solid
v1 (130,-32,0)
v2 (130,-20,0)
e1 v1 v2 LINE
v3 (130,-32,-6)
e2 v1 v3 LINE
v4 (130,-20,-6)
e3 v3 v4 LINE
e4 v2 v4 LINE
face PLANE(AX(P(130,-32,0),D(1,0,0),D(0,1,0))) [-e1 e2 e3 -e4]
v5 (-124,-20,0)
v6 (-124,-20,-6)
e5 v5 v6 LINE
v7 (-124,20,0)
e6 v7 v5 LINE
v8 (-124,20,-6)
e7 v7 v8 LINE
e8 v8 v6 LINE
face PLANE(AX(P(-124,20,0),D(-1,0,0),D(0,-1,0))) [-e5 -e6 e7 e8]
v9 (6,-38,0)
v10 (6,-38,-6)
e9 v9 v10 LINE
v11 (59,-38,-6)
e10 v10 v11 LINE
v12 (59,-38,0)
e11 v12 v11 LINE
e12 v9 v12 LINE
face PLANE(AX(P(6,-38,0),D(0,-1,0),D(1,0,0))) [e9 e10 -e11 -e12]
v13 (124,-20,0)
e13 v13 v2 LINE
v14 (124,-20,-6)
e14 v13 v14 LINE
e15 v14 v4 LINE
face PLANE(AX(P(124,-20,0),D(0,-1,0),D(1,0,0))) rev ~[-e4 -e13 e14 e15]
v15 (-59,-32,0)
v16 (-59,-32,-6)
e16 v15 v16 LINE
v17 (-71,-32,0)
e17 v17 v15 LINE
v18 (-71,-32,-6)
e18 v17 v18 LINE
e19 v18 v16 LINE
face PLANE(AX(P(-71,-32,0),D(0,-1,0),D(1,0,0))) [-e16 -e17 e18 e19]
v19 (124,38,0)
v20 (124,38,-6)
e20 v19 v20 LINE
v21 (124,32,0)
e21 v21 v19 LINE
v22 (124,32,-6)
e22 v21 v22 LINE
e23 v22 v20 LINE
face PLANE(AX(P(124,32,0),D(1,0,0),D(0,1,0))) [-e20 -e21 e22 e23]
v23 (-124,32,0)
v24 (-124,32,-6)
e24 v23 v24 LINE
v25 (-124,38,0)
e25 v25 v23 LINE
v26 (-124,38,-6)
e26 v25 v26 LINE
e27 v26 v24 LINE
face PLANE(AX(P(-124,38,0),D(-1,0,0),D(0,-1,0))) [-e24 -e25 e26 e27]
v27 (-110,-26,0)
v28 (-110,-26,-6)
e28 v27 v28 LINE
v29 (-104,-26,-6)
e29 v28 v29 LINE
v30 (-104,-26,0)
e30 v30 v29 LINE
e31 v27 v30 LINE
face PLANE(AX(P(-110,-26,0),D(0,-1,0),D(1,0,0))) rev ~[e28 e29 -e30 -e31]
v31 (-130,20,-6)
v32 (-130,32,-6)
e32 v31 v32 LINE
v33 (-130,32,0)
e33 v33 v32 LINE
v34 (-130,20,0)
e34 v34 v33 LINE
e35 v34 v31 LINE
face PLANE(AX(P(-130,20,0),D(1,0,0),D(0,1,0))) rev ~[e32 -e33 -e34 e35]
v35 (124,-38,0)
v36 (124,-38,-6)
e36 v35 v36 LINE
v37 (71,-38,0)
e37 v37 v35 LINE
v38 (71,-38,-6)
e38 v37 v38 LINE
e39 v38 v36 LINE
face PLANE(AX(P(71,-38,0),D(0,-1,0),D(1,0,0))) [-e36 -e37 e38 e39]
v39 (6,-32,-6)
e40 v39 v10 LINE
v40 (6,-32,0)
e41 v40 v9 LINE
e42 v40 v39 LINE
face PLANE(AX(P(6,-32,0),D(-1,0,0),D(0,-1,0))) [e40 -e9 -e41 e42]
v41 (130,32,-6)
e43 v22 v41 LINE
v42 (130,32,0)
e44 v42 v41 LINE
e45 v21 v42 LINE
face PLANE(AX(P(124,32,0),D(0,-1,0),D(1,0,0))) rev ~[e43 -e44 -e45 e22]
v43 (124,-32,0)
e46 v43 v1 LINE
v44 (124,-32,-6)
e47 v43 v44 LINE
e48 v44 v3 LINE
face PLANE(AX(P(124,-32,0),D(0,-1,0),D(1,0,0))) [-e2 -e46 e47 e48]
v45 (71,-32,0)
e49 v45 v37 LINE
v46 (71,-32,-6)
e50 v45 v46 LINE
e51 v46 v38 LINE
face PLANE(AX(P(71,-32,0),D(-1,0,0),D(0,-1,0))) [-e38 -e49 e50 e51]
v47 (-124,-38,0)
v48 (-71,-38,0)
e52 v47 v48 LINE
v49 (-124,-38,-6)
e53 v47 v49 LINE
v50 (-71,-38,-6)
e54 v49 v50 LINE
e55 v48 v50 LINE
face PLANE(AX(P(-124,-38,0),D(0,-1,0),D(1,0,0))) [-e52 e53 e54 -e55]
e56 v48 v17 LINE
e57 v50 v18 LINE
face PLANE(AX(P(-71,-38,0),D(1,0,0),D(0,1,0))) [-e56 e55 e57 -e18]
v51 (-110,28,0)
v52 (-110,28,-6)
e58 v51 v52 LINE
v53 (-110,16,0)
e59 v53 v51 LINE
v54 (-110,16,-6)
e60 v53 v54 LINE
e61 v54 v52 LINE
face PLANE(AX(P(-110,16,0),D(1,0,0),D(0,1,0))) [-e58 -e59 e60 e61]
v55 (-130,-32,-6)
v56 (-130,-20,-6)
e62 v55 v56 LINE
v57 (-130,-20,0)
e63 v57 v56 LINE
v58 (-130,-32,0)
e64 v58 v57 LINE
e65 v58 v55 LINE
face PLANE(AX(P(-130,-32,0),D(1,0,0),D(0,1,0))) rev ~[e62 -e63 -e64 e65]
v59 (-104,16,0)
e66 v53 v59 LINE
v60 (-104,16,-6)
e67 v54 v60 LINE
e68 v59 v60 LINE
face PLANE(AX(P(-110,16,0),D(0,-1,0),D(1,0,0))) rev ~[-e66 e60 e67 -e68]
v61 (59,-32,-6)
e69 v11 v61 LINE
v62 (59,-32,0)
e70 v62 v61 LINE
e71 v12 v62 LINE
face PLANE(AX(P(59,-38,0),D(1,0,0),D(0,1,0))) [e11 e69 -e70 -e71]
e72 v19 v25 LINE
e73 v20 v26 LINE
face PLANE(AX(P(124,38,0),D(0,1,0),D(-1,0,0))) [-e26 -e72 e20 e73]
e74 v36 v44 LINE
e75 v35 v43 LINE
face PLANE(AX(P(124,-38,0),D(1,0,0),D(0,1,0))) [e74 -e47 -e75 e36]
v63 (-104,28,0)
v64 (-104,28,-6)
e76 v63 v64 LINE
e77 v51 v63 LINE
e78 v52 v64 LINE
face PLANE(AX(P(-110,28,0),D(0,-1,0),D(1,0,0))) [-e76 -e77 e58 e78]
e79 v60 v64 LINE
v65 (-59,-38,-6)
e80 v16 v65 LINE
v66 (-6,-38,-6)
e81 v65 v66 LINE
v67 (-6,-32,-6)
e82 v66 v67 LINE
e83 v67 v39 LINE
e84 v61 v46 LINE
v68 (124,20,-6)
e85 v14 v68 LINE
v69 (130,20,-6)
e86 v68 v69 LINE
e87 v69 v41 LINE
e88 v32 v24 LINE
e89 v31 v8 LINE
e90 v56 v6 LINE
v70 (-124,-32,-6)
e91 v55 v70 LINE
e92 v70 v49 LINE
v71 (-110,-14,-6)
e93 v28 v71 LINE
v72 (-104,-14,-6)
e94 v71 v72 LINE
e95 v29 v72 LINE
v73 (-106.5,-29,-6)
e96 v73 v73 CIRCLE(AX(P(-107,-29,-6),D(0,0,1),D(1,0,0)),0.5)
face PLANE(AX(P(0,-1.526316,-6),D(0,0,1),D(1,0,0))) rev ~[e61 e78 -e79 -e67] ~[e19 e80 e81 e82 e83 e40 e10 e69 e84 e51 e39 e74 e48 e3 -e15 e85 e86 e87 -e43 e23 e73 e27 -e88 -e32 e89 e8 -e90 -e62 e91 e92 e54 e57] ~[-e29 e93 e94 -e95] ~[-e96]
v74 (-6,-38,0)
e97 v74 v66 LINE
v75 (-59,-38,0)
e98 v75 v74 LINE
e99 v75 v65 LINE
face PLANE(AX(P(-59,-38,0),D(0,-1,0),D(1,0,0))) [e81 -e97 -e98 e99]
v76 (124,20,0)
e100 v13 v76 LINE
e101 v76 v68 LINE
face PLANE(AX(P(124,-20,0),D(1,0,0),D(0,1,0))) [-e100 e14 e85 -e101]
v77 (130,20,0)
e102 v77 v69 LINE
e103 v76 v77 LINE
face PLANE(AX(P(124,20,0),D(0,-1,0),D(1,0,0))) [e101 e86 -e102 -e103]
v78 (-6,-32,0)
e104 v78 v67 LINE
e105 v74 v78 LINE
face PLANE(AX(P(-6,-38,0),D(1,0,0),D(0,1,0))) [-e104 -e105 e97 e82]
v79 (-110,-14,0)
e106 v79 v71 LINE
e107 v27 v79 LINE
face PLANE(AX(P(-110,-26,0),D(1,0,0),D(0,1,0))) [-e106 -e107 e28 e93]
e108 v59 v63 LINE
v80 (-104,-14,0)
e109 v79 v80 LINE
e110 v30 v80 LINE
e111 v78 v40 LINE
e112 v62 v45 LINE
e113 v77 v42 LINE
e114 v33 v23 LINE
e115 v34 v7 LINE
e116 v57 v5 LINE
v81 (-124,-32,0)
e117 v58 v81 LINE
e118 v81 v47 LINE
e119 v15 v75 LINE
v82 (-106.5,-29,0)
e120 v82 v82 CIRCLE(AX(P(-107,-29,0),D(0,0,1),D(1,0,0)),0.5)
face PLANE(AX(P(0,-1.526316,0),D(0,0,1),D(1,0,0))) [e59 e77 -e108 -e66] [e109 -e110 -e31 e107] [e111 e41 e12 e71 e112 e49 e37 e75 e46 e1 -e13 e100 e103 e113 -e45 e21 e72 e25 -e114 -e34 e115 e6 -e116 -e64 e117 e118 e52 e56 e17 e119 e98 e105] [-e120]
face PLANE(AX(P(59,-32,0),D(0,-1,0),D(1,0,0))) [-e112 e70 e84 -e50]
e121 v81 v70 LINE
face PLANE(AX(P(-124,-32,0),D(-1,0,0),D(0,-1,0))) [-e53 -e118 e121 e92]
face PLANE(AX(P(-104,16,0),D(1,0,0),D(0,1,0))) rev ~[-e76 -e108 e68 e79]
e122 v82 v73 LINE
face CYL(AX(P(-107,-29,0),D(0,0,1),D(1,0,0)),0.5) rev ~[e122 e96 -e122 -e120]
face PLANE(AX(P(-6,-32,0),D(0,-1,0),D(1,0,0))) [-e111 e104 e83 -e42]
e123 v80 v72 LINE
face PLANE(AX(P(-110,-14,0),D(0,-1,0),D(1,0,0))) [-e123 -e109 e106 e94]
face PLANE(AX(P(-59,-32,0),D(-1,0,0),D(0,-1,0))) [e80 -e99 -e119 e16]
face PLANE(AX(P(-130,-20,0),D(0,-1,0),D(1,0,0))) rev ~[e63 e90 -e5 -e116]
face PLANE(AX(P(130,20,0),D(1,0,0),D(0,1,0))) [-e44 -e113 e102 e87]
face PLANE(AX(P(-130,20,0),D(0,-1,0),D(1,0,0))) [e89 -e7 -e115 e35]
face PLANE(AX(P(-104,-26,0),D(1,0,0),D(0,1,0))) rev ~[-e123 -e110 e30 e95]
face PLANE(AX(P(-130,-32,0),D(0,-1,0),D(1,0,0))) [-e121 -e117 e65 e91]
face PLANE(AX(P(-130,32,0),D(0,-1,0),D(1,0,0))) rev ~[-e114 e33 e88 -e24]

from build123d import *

# Parameters (mm, degrees)
SKETCH1_W           = 6
SKETCH1_H           = 12
BOSS_EXTRUDE1_DEPTH = 6
SKETCH3_R           = 0.5
CUT_EXTRUDE1_DEPTH  = 7


with BuildPart() as part:
    # Sketch1 → Boss-Extrude1 (new body)
    with BuildSketch(Plane.XY):
        Polygon((-124, 38), (-124, 32), (-124, 20), (-124, -20), (-124, -32), (-124, -38), (-71, -38), (-71, -32), (-59, -32), (-59, -38), (-6, -38), (-6, -32), (6, -32), (6, -38), (59, -38), (59, -32), (71, -32), (71, -38), (124, -38), (124, -32), (124, -20), (124, 20), (124, 32), (124, 38), align=None)
        with Locations((-107, -20)):
            Rectangle(SKETCH1_W, SKETCH1_H, mode=Mode.SUBTRACT)
        with Locations((-107, 22)):
            Rectangle(SKETCH1_W, SKETCH1_H, mode=Mode.SUBTRACT)
        with Locations((-127, -26)):
            Rectangle(SKETCH1_W, SKETCH1_H)
        with Locations((-127, 26)):
            Rectangle(SKETCH1_W, SKETCH1_H)
        with Locations((127, 26)):
            Rectangle(SKETCH1_W, SKETCH1_H)
        with Locations((127, -26)):
            Rectangle(SKETCH1_W, SKETCH1_H)
    extrude(amount=-BOSS_EXTRUDE1_DEPTH)

    # Sketch3 → Cut-Extrude1 (cut, through all)
    with BuildSketch(Plane.XY):
        with Locations((-107, -29)):
            Circle(SKETCH3_R)
    extrude(amount=-CUT_EXTRUDE1_DEPTH, mode=Mode.SUBTRACT)


solid = part.part
